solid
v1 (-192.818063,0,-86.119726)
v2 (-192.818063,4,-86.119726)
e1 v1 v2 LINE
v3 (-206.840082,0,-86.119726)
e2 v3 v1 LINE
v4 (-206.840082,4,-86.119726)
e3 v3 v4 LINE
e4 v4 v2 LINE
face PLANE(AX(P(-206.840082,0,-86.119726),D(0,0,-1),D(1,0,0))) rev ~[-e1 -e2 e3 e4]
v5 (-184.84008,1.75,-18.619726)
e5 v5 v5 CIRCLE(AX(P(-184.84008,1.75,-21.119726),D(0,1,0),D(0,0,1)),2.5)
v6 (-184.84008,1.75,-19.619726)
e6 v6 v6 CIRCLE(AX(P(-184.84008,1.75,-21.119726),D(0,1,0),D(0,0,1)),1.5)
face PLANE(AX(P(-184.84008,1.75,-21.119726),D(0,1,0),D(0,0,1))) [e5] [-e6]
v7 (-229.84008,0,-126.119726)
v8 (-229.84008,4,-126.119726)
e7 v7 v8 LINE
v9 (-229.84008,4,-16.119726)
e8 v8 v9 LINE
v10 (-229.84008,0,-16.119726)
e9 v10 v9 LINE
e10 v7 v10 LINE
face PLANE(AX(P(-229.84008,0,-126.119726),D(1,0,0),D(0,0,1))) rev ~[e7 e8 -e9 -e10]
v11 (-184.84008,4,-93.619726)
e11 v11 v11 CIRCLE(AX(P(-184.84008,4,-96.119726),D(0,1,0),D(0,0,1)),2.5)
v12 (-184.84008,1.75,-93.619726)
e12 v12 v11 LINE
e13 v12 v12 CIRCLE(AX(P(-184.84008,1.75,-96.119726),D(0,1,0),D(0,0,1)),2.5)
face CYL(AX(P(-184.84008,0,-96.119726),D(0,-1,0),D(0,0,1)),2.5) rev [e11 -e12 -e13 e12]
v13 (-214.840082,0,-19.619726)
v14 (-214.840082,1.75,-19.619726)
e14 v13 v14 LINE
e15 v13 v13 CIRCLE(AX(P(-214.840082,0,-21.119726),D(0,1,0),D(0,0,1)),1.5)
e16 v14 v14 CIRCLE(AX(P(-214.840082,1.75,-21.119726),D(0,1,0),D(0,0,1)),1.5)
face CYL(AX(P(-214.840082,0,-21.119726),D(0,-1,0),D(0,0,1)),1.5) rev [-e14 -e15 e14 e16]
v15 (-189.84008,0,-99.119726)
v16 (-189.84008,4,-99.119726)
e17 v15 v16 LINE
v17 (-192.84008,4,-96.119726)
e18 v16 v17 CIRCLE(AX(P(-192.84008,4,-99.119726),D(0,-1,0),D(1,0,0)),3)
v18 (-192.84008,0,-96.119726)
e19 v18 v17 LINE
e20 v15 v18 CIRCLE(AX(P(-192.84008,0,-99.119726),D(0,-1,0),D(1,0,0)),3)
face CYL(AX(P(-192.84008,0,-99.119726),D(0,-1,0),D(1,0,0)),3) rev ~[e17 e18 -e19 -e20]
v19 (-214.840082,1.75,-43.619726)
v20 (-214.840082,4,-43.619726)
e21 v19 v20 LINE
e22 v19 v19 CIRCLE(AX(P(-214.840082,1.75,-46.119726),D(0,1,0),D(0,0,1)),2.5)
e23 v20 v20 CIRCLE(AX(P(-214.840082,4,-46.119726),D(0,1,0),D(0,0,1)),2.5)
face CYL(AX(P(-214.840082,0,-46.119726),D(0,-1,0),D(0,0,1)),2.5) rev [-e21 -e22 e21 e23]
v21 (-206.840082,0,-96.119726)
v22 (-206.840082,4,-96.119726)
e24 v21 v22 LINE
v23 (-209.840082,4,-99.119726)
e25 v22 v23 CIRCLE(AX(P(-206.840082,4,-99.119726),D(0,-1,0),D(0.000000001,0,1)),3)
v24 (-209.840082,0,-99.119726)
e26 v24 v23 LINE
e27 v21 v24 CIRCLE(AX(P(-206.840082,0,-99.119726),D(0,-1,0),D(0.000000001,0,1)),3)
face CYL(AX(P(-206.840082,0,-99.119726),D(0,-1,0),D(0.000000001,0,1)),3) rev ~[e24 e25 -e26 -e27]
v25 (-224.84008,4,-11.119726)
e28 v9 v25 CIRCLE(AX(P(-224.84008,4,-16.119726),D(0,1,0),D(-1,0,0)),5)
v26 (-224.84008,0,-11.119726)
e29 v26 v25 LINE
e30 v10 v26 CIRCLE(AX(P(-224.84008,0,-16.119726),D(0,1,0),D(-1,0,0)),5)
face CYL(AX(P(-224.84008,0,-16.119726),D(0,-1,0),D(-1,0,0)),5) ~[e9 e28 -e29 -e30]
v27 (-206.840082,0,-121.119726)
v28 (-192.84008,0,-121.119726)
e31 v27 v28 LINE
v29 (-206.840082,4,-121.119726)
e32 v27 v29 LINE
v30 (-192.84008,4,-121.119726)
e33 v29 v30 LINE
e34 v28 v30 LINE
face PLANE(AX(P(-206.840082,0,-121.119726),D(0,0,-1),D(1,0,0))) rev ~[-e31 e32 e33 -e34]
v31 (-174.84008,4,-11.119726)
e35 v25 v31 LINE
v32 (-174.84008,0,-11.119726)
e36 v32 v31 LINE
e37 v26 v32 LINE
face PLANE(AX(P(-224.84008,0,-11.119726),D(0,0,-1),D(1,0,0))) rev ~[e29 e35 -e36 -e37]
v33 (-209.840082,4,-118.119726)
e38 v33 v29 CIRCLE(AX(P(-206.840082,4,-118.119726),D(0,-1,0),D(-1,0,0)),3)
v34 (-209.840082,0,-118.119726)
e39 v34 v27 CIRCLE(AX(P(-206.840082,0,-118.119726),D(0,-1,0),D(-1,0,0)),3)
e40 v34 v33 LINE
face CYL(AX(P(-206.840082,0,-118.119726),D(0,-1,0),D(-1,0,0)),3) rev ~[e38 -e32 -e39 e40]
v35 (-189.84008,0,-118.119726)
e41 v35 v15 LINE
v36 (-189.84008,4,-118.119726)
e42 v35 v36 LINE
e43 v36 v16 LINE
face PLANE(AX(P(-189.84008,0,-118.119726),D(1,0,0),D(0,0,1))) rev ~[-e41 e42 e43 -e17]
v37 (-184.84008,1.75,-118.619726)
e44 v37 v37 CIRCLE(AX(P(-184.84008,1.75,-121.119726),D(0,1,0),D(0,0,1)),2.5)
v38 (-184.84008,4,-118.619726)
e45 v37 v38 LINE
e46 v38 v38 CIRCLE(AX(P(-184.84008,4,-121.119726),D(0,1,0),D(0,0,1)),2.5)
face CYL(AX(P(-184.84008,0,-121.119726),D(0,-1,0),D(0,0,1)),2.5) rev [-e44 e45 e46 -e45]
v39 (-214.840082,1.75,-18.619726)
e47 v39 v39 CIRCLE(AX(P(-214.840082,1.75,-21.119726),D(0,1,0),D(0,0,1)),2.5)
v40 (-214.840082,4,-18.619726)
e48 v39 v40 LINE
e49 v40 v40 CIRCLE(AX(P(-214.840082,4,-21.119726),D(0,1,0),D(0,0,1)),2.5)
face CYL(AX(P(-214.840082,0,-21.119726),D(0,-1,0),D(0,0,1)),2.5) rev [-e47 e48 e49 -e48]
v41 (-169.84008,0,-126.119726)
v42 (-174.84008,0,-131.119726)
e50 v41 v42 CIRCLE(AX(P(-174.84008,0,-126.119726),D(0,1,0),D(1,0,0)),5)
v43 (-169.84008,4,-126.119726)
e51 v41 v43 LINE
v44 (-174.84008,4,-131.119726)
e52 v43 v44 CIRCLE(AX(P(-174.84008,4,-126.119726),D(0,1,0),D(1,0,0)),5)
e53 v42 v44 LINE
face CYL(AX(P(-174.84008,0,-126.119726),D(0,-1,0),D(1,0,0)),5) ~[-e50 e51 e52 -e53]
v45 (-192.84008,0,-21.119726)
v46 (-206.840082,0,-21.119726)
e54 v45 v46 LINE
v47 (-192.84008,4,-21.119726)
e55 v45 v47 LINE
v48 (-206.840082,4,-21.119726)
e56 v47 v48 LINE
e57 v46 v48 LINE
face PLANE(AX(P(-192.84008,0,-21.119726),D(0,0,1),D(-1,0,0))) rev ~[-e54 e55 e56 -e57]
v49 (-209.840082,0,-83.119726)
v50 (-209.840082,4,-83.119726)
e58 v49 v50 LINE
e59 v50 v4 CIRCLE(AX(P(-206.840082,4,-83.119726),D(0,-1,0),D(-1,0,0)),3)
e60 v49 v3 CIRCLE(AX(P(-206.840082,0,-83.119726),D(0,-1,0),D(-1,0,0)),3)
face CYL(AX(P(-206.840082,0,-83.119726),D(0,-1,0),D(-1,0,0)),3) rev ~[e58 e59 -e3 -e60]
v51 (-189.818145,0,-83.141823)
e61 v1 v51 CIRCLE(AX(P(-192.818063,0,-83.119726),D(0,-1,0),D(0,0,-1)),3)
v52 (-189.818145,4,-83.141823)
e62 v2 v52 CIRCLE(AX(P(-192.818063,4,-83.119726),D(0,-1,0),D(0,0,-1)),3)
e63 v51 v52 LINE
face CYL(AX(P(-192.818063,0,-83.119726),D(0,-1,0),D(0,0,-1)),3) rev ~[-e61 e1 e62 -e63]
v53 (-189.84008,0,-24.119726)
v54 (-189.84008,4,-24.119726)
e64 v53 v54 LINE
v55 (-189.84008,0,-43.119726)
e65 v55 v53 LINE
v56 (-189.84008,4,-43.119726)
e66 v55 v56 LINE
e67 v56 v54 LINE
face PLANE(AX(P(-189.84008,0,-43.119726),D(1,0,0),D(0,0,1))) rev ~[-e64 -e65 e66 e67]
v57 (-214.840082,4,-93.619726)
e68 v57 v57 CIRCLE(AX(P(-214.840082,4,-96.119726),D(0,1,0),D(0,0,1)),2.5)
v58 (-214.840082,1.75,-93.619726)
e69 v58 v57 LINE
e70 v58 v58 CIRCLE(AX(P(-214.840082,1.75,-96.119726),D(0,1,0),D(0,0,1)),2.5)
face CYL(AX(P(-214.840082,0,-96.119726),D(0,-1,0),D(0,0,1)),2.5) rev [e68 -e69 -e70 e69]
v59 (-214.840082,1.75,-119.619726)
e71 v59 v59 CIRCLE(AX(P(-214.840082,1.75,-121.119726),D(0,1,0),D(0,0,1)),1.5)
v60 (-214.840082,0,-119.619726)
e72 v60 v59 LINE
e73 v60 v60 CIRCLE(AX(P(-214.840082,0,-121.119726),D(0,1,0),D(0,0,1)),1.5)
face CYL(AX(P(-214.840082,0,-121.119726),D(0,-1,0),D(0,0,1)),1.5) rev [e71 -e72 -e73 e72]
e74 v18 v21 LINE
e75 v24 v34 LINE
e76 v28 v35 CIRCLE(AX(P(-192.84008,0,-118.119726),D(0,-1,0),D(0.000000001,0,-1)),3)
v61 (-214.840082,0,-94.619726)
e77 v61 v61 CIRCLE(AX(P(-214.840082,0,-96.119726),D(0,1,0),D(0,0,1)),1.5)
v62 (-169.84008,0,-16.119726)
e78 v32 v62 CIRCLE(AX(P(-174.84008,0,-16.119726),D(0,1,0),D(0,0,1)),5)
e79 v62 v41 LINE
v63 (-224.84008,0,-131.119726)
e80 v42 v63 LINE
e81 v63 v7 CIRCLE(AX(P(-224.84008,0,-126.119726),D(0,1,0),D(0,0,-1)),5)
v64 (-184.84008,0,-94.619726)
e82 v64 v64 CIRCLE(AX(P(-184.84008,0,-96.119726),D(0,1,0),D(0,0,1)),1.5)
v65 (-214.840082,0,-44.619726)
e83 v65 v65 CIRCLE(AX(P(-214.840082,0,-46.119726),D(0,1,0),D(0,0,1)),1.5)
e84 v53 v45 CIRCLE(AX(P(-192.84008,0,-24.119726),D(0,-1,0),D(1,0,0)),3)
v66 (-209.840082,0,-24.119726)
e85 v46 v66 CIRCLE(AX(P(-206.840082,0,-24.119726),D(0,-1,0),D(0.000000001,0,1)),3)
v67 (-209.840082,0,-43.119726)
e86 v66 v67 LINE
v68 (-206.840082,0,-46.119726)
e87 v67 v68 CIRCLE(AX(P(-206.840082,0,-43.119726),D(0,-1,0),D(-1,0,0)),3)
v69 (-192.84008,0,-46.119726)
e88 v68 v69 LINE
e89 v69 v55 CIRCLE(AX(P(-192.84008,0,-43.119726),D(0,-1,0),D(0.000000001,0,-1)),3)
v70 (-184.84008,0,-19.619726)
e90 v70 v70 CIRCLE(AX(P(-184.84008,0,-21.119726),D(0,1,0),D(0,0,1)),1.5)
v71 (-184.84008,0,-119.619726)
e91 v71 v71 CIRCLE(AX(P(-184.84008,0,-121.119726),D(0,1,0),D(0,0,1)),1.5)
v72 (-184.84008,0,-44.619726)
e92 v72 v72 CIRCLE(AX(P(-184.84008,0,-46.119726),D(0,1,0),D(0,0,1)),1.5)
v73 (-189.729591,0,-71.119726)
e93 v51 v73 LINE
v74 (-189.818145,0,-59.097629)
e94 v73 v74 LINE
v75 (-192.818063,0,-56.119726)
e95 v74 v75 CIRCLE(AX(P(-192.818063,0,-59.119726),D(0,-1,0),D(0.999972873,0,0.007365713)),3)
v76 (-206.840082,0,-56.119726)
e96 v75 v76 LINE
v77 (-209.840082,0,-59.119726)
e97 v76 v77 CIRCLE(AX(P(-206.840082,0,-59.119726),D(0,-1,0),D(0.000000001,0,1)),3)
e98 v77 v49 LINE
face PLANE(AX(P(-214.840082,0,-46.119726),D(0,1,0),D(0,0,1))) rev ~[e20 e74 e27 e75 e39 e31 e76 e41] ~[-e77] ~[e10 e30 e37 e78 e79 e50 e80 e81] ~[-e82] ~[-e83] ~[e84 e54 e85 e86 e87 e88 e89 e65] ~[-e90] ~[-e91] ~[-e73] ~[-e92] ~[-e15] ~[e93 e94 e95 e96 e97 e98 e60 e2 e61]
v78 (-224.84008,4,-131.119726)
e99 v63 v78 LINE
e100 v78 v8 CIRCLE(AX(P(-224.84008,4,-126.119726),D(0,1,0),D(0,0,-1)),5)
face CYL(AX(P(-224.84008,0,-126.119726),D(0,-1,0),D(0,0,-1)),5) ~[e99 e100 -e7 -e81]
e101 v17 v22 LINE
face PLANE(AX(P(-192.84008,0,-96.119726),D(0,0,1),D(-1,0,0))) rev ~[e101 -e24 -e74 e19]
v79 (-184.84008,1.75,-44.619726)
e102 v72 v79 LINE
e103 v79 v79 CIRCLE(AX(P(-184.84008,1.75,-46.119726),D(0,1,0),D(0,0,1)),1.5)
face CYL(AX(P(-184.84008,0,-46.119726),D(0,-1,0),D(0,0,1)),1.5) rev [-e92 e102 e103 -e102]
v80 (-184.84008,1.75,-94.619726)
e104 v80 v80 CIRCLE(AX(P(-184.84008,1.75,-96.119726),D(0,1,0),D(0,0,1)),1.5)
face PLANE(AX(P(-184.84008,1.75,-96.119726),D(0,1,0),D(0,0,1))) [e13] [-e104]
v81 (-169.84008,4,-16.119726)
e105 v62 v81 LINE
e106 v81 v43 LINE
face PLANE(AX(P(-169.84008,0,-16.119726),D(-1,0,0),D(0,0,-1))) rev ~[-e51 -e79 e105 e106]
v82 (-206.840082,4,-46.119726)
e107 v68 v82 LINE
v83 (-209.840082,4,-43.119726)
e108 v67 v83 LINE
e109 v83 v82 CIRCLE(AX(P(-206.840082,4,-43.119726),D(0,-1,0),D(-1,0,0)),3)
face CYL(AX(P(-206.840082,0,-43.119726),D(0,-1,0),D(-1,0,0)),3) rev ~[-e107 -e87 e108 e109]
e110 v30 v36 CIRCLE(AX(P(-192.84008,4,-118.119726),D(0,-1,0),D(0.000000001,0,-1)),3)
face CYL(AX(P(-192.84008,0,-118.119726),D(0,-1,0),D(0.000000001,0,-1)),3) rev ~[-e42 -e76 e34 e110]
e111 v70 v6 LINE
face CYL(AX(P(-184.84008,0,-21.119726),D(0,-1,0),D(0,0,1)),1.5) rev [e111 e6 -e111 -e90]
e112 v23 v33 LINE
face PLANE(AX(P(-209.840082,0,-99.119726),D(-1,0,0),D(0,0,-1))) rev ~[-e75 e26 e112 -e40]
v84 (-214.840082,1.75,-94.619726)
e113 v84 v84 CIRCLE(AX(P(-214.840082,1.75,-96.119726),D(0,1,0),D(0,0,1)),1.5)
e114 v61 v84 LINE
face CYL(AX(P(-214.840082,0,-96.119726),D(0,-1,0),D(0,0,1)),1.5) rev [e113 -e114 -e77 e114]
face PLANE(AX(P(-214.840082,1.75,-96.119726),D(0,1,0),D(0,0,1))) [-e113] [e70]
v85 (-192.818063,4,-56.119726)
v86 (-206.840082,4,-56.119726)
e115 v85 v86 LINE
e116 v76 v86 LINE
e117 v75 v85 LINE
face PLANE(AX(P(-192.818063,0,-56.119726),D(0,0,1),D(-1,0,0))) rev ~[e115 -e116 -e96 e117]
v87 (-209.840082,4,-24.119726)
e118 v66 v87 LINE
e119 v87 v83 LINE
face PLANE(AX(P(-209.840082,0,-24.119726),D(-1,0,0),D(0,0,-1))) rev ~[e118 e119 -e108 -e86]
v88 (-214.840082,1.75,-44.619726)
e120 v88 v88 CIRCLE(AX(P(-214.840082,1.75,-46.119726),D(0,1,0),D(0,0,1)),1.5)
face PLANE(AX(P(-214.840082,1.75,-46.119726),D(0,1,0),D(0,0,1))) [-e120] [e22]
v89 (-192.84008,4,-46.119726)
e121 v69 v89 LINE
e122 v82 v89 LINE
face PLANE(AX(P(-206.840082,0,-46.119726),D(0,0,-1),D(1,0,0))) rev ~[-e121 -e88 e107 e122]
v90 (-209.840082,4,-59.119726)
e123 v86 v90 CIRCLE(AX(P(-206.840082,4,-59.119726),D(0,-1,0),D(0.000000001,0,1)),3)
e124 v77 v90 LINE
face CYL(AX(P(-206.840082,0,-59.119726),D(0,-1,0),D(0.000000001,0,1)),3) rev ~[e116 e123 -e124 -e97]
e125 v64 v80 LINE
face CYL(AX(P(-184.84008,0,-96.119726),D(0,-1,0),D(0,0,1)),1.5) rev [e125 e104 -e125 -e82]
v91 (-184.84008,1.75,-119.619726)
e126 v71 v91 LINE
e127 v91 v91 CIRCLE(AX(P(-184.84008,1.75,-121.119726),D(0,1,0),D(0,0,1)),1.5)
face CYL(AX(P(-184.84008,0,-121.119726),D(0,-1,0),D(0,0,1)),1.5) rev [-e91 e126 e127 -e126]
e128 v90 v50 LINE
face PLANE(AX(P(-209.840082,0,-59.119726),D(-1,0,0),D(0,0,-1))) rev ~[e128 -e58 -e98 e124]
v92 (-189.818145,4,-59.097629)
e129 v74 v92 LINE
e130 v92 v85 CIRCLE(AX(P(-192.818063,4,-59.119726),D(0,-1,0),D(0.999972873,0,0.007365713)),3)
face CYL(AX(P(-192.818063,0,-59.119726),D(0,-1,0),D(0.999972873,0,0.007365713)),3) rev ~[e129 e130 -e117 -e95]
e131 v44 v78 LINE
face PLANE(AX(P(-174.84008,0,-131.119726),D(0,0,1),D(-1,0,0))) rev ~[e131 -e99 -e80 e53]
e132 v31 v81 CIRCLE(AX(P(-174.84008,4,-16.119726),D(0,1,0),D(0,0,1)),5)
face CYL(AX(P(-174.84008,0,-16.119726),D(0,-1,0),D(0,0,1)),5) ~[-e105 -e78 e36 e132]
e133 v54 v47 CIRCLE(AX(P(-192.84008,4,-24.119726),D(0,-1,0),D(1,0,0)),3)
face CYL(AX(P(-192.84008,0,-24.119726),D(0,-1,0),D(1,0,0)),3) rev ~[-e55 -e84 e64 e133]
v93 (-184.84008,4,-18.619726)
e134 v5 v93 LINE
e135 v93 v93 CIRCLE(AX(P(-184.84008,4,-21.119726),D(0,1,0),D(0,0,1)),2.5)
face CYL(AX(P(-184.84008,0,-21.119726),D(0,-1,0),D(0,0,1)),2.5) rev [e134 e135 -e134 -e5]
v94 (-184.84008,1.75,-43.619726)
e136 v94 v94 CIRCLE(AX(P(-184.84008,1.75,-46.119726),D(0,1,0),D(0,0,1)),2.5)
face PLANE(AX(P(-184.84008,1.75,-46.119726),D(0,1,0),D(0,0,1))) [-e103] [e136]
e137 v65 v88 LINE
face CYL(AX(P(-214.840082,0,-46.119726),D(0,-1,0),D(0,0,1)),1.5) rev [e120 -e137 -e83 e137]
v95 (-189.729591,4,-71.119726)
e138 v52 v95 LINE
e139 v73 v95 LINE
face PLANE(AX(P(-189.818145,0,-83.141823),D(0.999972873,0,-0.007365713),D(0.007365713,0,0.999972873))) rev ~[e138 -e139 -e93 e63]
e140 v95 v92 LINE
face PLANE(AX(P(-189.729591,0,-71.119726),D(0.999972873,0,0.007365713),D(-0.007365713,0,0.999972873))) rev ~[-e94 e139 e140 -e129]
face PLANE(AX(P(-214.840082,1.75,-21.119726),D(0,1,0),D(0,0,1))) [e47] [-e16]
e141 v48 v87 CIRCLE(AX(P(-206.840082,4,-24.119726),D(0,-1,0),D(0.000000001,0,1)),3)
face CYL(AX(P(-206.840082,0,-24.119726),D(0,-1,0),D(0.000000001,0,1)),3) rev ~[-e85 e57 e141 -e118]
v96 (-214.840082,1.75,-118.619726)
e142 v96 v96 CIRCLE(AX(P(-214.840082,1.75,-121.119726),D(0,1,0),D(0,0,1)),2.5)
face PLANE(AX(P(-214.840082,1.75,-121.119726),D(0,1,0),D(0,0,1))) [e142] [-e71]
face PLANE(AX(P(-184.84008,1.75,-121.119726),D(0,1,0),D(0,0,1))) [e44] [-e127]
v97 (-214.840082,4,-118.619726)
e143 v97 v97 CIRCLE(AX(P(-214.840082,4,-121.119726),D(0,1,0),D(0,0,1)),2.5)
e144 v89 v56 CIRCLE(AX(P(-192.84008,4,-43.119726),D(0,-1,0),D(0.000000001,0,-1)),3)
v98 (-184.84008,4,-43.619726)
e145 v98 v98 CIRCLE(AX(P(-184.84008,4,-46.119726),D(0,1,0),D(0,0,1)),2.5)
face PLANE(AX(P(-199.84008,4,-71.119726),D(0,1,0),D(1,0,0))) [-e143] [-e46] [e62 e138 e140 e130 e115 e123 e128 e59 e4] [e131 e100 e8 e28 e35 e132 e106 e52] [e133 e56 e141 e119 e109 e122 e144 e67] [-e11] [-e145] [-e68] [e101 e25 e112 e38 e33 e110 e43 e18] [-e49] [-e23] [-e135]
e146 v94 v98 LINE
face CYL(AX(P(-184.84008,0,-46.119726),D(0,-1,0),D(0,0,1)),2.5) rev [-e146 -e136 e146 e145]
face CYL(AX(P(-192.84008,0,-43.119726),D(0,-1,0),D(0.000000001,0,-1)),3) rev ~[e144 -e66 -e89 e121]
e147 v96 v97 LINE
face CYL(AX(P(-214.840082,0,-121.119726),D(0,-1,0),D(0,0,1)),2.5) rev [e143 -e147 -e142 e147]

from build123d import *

# Parameters (mm, degrees)
SKETCH_1_R      = 2.5
EXTRUDE_1_DEPTH = 4
SKETCH_1_32_R   = 2.5
SKETCH_1_32_R_2 = 1.5
EXTRUDE_2_DEPTH = 1.75
SKETCH_1_33_R   = 2.5
SKETCH_1_33_R_2 = 1.5
EXTRUDE_3_DEPTH = 1.75


with BuildPart() as part:
    # 草图1 → 凸台-拉伸1 (new body)
    with BuildSketch(Plane(origin=(0, 0, 0), x_dir=(1, 0, 0), z_dir=(0, 1, 0))):
        with BuildLine():
            Line((-174.840079727, 131.119726246), (-199.840079727, 131.119726246))
            Line((-199.840079727, 131.119726246), (-224.840079727, 131.119726246))
            ThreePointArc((-224.840079727, 131.119726246), (-228.375613633, 129.655260152), (-229.840079727, 126.119726246))
            Line((-229.840079727, 126.119726246), (-229.840079727, 16.119726246))
            ThreePointArc((-229.840079727, 16.119726246), (-228.375613633, 12.58419234), (-224.840079727, 11.119726246))
            Line((-224.840079727, 11.119726246), (-199.840079727, 11.119726246))
            Line((-199.840079727, 11.119726246), (-174.840079727, 11.119726246))
            ThreePointArc((-174.840079727, 11.119726246), (-171.304545821, 12.58419234), (-169.840079727, 16.119726246))
            Line((-169.840079727, 16.119726246), (-169.840079727, 126.119726246))
            ThreePointArc((-169.840079727, 126.119726246), (-171.304545821, 129.655260152), (-174.840079727, 131.119726246))
        make_face()
        with Locations((-214.840082087, 21.119726246)):
            Circle(SKETCH_1_R, mode=Mode.SUBTRACT)
        with BuildLine():
            ThreePointArc((-192.840079727, 46.119726246), (-190.718759384, 45.241046589), (-189.840079727, 43.119726246))
            Line((-189.840079727, 43.119726246), (-189.840079727, 24.119726246))
            ThreePointArc((-189.840079727, 24.119726246), (-190.718759384, 21.998405902), (-192.840079727, 21.119726246))
            Line((-192.840079727, 21.119726246), (-206.840082087, 21.119726246))
            ThreePointArc((-206.840082087, 21.119726246), (-208.961402431, 21.998405902), (-209.840082087, 24.119726246))
            Line((-209.840082087, 24.119726246), (-209.840082087, 43.119726246))
            ThreePointArc((-209.840082087, 43.119726246), (-208.961402431, 45.241046589), (-206.840082087, 46.119726246))
            Line((-206.840082087, 46.119726246), (-192.840079727, 46.119726246))
        make_face(mode=Mode.SUBTRACT)
        with Locations((-214.840082087, 46.119726246)):
            Circle(SKETCH_1_R, mode=Mode.SUBTRACT)
        with Locations((-184.840079727, 21.119726246)):
            Circle(SKETCH_1_R, mode=Mode.SUBTRACT)
        with BuildLine():
            ThreePointArc((-206.840082087, 56.119726246), (-208.961402431, 56.998405902), (-209.840082087, 59.119726246))
            Line((-209.840082087, 59.119726246), (-209.840082087, 83.119726246))
            ThreePointArc((-209.840082087, 83.119726246), (-208.961402431, 85.241046589), (-206.840082087, 86.119726246))
            Line((-206.840082087, 86.119726246), (-192.818063372, 86.119726246))
            ThreePointArc((-192.818063372, 86.119726246), (-190.704569987, 85.248844775), (-189.818144754, 83.141823385))
            Line((-189.818144754, 83.141823385), (-189.729591033, 71.119726246))
            Line((-189.729591033, 71.119726246), (-189.818144754, 59.097629106))
            ThreePointArc((-189.818144754, 59.097629106), (-190.704569987, 56.990607717), (-192.818063372, 56.119726246))
            Line((-192.818063372, 56.119726246), (-206.840082087, 56.119726246))
        make_face(mode=Mode.SUBTRACT)
        with Locations((-184.840079727, 46.119726246)):
            Circle(SKETCH_1_R, mode=Mode.SUBTRACT)
        with Locations((-214.840082087, 96.119726246)):
            Circle(SKETCH_1_R, mode=Mode.SUBTRACT)
        with Locations((-214.840082087, 121.119726246)):
            Circle(SKETCH_1_R, mode=Mode.SUBTRACT)
        with BuildLine():
            Line((-192.840079727, 96.119726246), (-206.840082087, 96.119726246))
            ThreePointArc((-206.840082087, 96.119726246), (-208.961402431, 96.998405902), (-209.840082087, 99.119726246))
            Line((-209.840082087, 99.119726246), (-209.840082087, 118.119726246))
            ThreePointArc((-209.840082087, 118.119726246), (-208.961402431, 120.241046589), (-206.840082087, 121.119726246))
            Line((-206.840082087, 121.119726246), (-192.840079727, 121.119726246))
            ThreePointArc((-192.840079727, 121.119726246), (-190.718759384, 120.241046589), (-189.840079727, 118.119726246))
            Line((-189.840079727, 118.119726246), (-189.840079727, 99.119726246))
            ThreePointArc((-189.840079727, 99.119726246), (-190.718759384, 96.998405902), (-192.840079727, 96.119726246))
        make_face(mode=Mode.SUBTRACT)
        with Locations((-184.840079727, 96.119726246)):
            Circle(SKETCH_1_R, mode=Mode.SUBTRACT)
        with Locations((-184.840079727, 121.119726246)):
            Circle(SKETCH_1_R, mode=Mode.SUBTRACT)
    extrude(amount=EXTRUDE_1_DEPTH)

    # 草图1<32> → 凸台-拉伸2 (add)
    # profile 1 of 4: a face of its own
    with BuildSketch(Plane(origin=(0, 0, 0), x_dir=(1, 0, 0), z_dir=(0, 1, 0))):
        with Locations((-214.840082087, 96.119726246)):
            Circle(SKETCH_1_32_R)
        with Locations((-214.840082087, 96.119726246)):
            Circle(SKETCH_1_32_R_2, mode=Mode.SUBTRACT)
    # profile 2 of 4: a face of its own
    with BuildSketch(Plane(origin=(0, 0, 0), x_dir=(1, 0, 0), z_dir=(0, 1, 0))):
        with Locations((-184.840079727, 96.119726246)):
            Circle(SKETCH_1_32_R)
        with Locations((-184.840079727, 96.119726246)):
            Circle(SKETCH_1_32_R_2, mode=Mode.SUBTRACT)
    # profile 3 of 4: a face of its own
    with BuildSketch(Plane(origin=(0, 0, 0), x_dir=(1, 0, 0), z_dir=(0, 1, 0))):
        with Locations((-184.840079727, 121.119726246)):
            Circle(SKETCH_1_32_R)
        with Locations((-184.840079727, 121.119726246)):
            Circle(SKETCH_1_32_R_2, mode=Mode.SUBTRACT)
    # profile 4 of 4: a face of its own
    with BuildSketch(Plane(origin=(0, 0, 0), x_dir=(1, 0, 0), z_dir=(0, 1, 0))):
        with Locations((-214.840082087, 121.119726246)):
            Circle(SKETCH_1_32_R)
        with Locations((-214.840082087, 121.119726246)):
            Circle(SKETCH_1_32_R_2, mode=Mode.SUBTRACT)
    extrude(amount=EXTRUDE_2_DEPTH)

    # 草图1<33> → 凸台-拉伸3 (add)
    # profile 1 of 4: a face of its own
    with BuildSketch(Plane(origin=(0, 0, 0), x_dir=(1, 0, 0), z_dir=(0, 1, 0))):
        with Locations((-214.840082087, 21.119726246)):
            Circle(SKETCH_1_33_R)
        with Locations((-214.840082087, 21.119726246)):
            Circle(SKETCH_1_33_R_2, mode=Mode.SUBTRACT)
    # profile 2 of 4: a face of its own
    with BuildSketch(Plane(origin=(0, 0, 0), x_dir=(1, 0, 0), z_dir=(0, 1, 0))):
        with Locations((-184.840079727, 21.119726246)):
            Circle(SKETCH_1_33_R)
        with Locations((-184.840079727, 21.119726246)):
            Circle(SKETCH_1_33_R_2, mode=Mode.SUBTRACT)
    # profile 3 of 4: a face of its own
    with BuildSketch(Plane(origin=(0, 0, 0), x_dir=(1, 0, 0), z_dir=(0, 1, 0))):
        with Locations((-184.840079727, 46.119726246)):
            Circle(SKETCH_1_33_R)
        with Locations((-184.840079727, 46.119726246)):
            Circle(SKETCH_1_33_R_2, mode=Mode.SUBTRACT)
    # profile 4 of 4: a face of its own
    with BuildSketch(Plane(origin=(0, 0, 0), x_dir=(1, 0, 0), z_dir=(0, 1, 0))):
        with Locations((-214.840082087, 46.119726246)):
            Circle(SKETCH_1_33_R)
        with Locations((-214.840082087, 46.119726246)):
            Circle(SKETCH_1_33_R_2, mode=Mode.SUBTRACT)
    extrude(amount=EXTRUDE_3_DEPTH)


solid = part.part
